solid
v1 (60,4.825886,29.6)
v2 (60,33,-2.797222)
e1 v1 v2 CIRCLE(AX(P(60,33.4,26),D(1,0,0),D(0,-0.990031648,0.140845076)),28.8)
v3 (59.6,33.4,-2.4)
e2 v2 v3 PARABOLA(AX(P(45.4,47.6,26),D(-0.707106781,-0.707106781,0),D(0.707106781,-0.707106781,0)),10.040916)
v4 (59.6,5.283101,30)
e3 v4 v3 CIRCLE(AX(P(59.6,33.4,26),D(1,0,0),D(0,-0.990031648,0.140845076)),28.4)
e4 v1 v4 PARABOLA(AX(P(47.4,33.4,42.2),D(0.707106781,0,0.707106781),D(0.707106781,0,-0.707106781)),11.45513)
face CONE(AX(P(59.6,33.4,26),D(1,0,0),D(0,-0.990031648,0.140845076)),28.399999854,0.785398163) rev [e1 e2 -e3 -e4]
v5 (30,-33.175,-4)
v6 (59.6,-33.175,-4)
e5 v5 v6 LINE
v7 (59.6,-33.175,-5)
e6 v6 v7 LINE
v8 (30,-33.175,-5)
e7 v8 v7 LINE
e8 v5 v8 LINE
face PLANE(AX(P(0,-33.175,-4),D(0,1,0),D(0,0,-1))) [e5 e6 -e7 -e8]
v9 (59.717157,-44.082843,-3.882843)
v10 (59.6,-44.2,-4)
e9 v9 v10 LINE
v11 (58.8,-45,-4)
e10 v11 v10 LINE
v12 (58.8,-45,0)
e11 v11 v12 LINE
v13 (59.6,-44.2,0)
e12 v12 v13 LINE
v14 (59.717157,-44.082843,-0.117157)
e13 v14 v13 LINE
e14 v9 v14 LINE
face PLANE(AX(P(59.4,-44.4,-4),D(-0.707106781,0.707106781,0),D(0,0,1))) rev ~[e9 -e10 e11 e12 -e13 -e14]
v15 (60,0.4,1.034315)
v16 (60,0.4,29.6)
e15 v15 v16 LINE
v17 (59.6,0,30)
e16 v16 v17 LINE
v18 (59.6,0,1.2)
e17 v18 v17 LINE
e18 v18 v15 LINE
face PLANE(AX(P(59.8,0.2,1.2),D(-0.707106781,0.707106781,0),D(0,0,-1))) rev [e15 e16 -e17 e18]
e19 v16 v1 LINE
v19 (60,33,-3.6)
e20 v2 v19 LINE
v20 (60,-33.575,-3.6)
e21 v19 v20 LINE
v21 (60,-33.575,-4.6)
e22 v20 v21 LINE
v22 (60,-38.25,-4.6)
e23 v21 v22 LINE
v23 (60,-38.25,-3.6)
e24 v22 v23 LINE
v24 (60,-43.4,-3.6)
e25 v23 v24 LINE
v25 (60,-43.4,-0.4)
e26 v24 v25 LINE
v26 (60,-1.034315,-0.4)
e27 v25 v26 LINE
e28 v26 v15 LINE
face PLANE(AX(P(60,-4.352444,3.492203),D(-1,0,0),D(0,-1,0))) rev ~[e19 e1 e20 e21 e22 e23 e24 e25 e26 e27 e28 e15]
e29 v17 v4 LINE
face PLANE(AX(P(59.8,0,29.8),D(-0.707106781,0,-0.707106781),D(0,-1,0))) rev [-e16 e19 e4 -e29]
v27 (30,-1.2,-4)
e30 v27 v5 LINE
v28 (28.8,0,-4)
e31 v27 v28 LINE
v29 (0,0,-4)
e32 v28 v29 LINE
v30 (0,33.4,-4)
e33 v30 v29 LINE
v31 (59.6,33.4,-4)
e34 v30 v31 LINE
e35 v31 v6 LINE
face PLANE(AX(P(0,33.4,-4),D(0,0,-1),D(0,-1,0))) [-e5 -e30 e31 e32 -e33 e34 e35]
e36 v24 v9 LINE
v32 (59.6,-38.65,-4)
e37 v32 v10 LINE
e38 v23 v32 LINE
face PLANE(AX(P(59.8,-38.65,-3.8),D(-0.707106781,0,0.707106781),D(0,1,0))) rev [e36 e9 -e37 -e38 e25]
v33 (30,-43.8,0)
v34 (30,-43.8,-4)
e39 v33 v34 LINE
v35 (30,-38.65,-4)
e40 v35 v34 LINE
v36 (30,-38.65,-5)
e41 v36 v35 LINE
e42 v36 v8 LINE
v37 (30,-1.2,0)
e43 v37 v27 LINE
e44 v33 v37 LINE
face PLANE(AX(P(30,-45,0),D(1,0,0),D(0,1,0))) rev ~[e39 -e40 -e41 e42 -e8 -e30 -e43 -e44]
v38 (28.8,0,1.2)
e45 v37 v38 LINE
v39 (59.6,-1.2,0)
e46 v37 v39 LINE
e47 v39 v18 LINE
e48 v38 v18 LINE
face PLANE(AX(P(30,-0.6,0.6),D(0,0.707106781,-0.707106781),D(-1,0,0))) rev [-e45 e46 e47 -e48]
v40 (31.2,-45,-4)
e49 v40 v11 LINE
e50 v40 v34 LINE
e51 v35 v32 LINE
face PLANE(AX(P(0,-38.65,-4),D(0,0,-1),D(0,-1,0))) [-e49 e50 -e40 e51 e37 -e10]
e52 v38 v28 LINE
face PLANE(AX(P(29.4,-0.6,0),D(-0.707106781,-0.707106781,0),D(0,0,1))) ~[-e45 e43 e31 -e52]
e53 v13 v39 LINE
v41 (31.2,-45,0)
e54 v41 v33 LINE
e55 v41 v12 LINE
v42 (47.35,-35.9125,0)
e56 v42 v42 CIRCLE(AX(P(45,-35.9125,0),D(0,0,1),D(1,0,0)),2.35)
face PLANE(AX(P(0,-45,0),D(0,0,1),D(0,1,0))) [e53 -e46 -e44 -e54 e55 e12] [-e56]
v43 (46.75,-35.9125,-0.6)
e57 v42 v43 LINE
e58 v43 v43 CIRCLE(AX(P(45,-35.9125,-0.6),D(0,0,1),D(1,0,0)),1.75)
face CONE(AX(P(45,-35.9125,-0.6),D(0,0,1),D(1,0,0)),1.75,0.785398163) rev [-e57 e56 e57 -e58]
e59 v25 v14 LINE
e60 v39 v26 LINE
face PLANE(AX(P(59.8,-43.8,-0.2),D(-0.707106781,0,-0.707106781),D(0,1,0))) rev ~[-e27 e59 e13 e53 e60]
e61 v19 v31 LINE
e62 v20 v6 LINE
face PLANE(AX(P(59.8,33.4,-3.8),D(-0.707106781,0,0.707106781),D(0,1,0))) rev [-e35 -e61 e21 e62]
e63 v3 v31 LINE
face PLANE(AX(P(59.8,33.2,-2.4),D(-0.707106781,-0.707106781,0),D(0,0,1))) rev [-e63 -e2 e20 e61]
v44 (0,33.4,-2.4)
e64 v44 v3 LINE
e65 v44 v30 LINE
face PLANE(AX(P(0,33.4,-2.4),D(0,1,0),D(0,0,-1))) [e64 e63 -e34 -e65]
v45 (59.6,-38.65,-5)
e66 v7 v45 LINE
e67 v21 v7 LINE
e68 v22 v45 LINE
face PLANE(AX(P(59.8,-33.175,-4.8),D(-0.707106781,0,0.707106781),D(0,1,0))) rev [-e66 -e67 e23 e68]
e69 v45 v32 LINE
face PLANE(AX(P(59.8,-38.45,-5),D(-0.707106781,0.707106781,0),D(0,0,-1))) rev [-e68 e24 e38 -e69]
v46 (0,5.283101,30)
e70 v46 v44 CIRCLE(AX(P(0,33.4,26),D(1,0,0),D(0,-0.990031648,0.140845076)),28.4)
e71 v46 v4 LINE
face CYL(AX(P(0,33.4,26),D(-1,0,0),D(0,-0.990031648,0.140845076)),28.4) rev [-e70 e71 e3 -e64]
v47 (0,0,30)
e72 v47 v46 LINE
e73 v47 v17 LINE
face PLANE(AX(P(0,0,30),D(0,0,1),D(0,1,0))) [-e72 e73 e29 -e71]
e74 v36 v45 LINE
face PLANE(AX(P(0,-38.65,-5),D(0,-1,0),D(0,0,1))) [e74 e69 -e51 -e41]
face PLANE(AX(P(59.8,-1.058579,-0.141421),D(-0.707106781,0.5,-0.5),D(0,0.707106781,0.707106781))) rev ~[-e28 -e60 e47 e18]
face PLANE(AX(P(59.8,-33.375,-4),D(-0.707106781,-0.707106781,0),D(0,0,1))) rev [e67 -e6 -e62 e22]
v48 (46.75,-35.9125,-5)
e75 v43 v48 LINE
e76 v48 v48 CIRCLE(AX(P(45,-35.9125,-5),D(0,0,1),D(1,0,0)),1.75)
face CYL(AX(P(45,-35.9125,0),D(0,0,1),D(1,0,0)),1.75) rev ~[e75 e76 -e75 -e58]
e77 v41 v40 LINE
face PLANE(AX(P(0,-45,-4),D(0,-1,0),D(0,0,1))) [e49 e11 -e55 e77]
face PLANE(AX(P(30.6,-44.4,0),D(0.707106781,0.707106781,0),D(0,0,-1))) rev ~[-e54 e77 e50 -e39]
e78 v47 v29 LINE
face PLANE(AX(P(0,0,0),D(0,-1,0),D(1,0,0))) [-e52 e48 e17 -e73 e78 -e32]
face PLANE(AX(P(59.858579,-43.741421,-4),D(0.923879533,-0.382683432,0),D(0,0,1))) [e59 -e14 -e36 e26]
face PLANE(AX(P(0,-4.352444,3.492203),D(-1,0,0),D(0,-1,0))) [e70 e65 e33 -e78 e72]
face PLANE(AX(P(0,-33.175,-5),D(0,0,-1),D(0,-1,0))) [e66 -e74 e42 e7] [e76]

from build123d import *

# Parameters (mm, degrees)
PAD_DEPTH       = 60
SKETCH001_W     = 30
SKETCH001_H     = 45
POCKET_DEPTH    = 5
SKETCH002_R     = 1.75
POCKET001_DEPTH = 5.001
CHAMFER_SIZE    = 1.2
CHAMFER001_SIZE = 0.6
CHAMFER002_SIZE = 0.4


with BuildPart() as part:
    # Sketch → Pad (new body)
    with BuildSketch(Plane.YZ):
        with BuildLine():
            Line((-45, -4), (-45, 0))
            Line((-45, 0), (0, 0))
            Line((0, 0), (0, 30))
            Line((0, 30), (5, 30))
            Line((5, 30), (5.283101, 30))
            ThreePointArc((5.283101, 30), (11.950524, 7.386027), (33.4, -2.4))
            Line((33.4, -2.4), (33.4, -4))
            Line((33.4, -4), (0, -4))
            Line((0, -4), (-33.175, -4))
            Line((-33.175, -4), (-33.175, -5))
            Line((-33.175, -5), (-38.65, -5))
            Line((-38.65, -5), (-38.65, -4))
            Line((-38.65, -4), (-45, -4))
        make_face()
    extrude(amount=PAD_DEPTH)

    # Sketch001 → Pocket (cut)
    with BuildSketch(Plane.XY):
        with Locations((15, -22.5)):
            Rectangle(SKETCH001_W, SKETCH001_H)
    extrude(amount=-POCKET_DEPTH, mode=Mode.SUBTRACT)

    # Sketch002 → Pocket001 (cut, through all)
    with BuildSketch(Plane.XY):
        with Locations((45, -35.9125)):
            Circle(SKETCH002_R)
    extrude(amount=-POCKET001_DEPTH, mode=Mode.SUBTRACT)

    # Chamfer
    chamfer_edges = [part.edges().sort_by_distance(p)[0] for p in [
        (30, 0, -2),
        (45, 0, 0),
        (60, -45, -2),
        (30, -45, -2),
    ]]
    chamfer(chamfer_edges, length=CHAMFER_SIZE)

    # Chamfer001
    chamfer001_edges = [part.edges().sort_by_distance(p)[0] for p in [
        (43.25, -35.9125, 0),
    ]]
    chamfer(chamfer001_edges, length=CHAMFER001_SIZE)

    # Chamfer002
    chamfer002_edges = [part.edges().sort_by_distance(p)[0] for p in [
        (60, -22.5, 0),
        (60, -43.8, -2),
        (60, -0.6, 0.6),
        (60, -41.225, -4),
        (60, 0, 15.6),
        (60, -38.65, -4.5),
        (60, 2.641551, 30),
        (60, -35.9125, -5),
        (60, 11.950524, 7.386027),
        (60, -33.175, -4.5),
        (60, 33.4, -3.2),
        (60, 0.1125, -4),
    ]]
    chamfer(chamfer002_edges, length=CHAMFER002_SIZE)


solid = part.part
